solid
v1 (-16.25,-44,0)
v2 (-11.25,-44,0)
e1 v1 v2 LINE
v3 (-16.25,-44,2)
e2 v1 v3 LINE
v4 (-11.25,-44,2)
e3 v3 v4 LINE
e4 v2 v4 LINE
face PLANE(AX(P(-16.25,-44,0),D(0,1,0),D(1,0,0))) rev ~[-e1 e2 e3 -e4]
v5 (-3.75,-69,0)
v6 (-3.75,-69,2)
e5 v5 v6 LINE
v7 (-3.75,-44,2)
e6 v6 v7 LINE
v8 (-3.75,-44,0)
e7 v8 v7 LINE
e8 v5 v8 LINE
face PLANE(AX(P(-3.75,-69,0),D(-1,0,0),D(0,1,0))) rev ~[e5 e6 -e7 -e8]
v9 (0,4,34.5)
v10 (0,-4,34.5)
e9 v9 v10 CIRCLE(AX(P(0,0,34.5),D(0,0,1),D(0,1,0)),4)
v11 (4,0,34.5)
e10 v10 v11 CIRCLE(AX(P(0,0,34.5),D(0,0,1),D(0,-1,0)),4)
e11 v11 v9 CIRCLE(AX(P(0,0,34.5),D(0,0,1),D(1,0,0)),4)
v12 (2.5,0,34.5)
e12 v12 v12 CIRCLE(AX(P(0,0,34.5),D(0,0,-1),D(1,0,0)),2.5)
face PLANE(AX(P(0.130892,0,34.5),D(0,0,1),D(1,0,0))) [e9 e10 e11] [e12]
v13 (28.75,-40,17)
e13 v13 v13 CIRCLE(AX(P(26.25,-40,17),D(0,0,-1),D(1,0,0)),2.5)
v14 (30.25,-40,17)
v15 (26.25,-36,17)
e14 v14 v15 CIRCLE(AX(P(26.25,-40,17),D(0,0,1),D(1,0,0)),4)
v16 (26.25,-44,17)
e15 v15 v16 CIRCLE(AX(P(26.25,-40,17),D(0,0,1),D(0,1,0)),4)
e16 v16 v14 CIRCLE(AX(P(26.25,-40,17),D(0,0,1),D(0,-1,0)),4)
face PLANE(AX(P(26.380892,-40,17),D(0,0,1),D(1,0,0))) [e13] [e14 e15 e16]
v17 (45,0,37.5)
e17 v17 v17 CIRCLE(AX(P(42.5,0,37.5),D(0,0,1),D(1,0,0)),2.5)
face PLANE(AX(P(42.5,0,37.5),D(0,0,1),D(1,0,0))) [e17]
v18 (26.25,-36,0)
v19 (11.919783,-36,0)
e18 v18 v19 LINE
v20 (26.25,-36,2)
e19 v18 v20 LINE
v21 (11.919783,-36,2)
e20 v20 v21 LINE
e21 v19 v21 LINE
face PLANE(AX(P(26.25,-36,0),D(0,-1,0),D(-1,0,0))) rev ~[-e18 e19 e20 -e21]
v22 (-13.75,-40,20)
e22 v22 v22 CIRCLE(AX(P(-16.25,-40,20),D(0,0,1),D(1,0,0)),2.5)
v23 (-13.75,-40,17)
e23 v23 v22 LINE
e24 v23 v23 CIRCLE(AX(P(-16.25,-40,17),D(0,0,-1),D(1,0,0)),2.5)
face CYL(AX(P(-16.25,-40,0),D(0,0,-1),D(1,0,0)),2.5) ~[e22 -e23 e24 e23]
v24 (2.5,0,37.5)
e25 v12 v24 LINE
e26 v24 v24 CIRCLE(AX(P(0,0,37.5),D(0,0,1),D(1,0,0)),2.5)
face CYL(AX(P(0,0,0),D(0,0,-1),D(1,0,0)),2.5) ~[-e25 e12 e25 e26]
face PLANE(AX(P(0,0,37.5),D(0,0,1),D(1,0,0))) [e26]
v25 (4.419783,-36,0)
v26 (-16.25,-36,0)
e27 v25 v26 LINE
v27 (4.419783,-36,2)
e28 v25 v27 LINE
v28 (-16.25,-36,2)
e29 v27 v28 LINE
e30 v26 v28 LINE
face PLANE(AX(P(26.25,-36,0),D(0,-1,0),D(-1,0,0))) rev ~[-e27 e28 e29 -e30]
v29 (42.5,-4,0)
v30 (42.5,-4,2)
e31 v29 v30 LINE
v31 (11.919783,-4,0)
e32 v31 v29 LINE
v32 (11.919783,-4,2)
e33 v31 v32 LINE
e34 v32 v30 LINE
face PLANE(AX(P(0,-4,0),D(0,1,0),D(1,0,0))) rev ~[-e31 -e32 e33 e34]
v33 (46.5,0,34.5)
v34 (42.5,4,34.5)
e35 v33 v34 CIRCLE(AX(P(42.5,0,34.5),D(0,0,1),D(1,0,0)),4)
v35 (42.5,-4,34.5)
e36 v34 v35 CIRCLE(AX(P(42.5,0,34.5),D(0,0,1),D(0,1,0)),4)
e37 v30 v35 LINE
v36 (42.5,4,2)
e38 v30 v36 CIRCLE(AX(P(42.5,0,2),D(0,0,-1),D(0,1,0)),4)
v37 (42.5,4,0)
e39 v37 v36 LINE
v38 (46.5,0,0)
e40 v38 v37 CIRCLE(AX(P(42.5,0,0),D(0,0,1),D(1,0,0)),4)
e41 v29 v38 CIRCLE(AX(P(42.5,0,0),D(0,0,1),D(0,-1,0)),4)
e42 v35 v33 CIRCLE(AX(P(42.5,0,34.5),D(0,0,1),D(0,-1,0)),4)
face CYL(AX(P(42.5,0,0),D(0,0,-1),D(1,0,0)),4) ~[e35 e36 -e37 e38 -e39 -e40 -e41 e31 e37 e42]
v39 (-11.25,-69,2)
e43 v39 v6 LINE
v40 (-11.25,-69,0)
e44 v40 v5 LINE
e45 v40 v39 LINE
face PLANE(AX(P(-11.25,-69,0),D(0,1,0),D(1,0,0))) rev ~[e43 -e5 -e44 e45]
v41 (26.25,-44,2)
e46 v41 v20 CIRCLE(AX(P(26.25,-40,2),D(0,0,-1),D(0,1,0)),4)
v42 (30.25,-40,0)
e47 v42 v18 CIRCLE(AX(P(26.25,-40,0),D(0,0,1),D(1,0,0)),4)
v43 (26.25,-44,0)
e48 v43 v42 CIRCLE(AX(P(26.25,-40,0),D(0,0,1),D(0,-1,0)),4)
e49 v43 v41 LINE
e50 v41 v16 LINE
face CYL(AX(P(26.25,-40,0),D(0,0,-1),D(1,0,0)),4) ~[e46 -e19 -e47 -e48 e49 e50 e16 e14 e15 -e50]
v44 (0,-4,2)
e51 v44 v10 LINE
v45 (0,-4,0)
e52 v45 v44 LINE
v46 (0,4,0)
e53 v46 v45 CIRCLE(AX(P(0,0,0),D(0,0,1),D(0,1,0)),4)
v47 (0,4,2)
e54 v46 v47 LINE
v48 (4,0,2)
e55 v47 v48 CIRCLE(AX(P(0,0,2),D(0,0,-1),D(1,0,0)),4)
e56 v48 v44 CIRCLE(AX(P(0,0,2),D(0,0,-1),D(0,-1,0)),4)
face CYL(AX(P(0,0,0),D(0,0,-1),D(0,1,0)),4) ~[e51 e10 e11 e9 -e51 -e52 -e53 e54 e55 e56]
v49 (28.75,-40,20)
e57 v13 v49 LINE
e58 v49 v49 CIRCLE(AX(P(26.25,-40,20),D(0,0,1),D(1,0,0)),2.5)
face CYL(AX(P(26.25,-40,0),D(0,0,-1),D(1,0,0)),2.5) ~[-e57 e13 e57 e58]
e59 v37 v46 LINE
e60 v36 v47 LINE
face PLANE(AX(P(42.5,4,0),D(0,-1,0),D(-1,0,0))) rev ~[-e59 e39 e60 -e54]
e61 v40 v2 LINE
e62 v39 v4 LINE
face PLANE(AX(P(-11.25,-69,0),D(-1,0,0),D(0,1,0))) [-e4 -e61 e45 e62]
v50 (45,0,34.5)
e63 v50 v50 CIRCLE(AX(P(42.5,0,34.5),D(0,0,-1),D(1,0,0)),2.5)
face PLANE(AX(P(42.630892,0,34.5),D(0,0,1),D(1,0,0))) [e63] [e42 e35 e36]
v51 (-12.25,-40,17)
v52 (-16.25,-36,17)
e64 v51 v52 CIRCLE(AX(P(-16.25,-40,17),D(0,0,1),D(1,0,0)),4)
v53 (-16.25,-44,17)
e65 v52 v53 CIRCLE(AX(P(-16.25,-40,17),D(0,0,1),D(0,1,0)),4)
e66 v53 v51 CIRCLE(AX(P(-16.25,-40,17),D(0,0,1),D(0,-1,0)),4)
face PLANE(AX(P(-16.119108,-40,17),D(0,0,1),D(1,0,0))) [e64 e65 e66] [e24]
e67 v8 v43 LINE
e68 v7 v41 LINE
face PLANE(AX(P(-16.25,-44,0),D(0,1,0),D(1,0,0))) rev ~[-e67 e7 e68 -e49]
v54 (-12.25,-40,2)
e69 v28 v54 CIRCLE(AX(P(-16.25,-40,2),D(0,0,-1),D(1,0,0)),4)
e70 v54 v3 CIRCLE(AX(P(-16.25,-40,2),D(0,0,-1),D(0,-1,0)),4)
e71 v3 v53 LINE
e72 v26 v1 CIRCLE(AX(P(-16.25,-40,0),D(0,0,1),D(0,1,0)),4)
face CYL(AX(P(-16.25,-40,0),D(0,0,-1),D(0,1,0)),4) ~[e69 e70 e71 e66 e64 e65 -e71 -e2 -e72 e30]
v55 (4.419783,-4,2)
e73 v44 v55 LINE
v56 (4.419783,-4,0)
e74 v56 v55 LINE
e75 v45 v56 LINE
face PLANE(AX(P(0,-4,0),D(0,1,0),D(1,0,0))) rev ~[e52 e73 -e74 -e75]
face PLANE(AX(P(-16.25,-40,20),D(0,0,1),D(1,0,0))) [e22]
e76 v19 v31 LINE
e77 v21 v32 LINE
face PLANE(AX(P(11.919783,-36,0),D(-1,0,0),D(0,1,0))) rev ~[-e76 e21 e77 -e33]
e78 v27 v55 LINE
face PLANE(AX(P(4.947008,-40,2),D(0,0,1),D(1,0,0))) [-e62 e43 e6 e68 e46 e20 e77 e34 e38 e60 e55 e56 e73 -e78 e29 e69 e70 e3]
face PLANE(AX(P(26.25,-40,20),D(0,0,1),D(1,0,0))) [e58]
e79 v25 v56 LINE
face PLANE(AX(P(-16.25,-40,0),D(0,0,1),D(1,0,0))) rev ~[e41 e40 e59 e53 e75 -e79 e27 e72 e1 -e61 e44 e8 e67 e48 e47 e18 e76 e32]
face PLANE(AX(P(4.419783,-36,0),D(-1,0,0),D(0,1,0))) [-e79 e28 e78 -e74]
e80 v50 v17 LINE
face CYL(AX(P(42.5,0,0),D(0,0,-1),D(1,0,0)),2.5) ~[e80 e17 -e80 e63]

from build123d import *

# Parameters (mm, degrees)
F5_R      = 2.5
F6_DEPTH  = 2
F7_DEPTH  = 34.5
F8_DEPTH  = 37.5
F9_DEPTH  = 17
F10_DEPTH = 20
F12_W     = 7.5
F12_H     = 32
F12_H_2   = 25
F13_DEPTH = 2


with BuildPart() as f6:
    # F5 (on Top) → F6 (new body)
    with BuildSketch(Plane.XY):
        with BuildLine():
            ThreePointArc((0, 4), (2.8284271247, 2.8284271247), (4, 0))
            ThreePointArc((4, 0), (2.8284271247, -2.8284271247), (0, -4))
            Line((0, -4), (42.5, -4))
            ThreePointArc((42.5, -4), (38.5, 0), (42.5, 4))
            Line((42.5, 4), (0, 4))
        make_face()
        with BuildLine():
            ThreePointArc((0, -4), (2.8284271247, -2.8284271247), (4, 0))
            ThreePointArc((4, 0), (2.8284271247, 2.8284271247), (0, 4))
            ThreePointArc((0, 4), (-4, 0), (0, -4))
        make_face()
        Circle(F5_R, mode=Mode.SUBTRACT)
        with BuildLine():
            ThreePointArc((46.5, 0), (45.3284271247, 2.8284271247), (42.5, 4))
            ThreePointArc((42.5, 4), (38.5, 0), (42.5, -4))
            ThreePointArc((42.5, -4), (45.3284271247, -2.8284271247), (46.5, 0))
        make_face()
        with Locations((42.5, 0)):
            Circle(F5_R, mode=Mode.SUBTRACT)
        Circle(F5_R)
        with Locations((42.5, 0)):
            Circle(F5_R)
    extrude(amount=F6_DEPTH)

    # F5 (on Top) → F7 (join)
    with BuildSketch(Plane.XY):
        with BuildLine():
            ThreePointArc((0, -4), (2.8284271247, -2.8284271247), (4, 0))
            ThreePointArc((4, 0), (2.8284271247, 2.8284271247), (0, 4))
            ThreePointArc((0, 4), (-4, 0), (0, -4))
        make_face()
        Circle(F5_R, mode=Mode.SUBTRACT)
        with BuildLine():
            ThreePointArc((46.5, 0), (45.3284271247, 2.8284271247), (42.5, 4))
            ThreePointArc((42.5, 4), (38.5, 0), (42.5, -4))
            ThreePointArc((42.5, -4), (45.3284271247, -2.8284271247), (46.5, 0))
        make_face()
        with Locations((42.5, 0)):
            Circle(F5_R, mode=Mode.SUBTRACT)
        Circle(F5_R)
        with Locations((42.5, 0)):
            Circle(F5_R)
    extrude(amount=F7_DEPTH)

    # F5 (on Top) → F8 (join)
    with BuildSketch(Plane.XY):
        Circle(F5_R)
        with Locations((42.5, 0)):
            Circle(F5_R)
    extrude(amount=F8_DEPTH)



with BuildPart() as f6b:
    # F5 (on Top) → F6, piece 2 (new body)
    with BuildSketch(Plane.XY):
        with BuildLine():
            ThreePointArc((0, -36), (2.8284271247, -37.1715728753), (4, -40))
            ThreePointArc((4, -40), (2.8284271247, -42.8284271247), (0, -44))
            Line((0, -44), (42.5, -44))
            ThreePointArc((42.5, -44), (38.5, -40), (42.5, -36))
            Line((42.5, -36), (0, -36))
        make_face()
        with BuildLine():
            ThreePointArc((46.5, -40), (45.3284271247, -37.1715728753), (42.5, -36))
            ThreePointArc((42.5, -36), (38.5, -40), (42.5, -44))
            ThreePointArc((42.5, -44), (45.3284271247, -42.8284271247), (46.5, -40))
        make_face()
        with Locations((42.5, -40)):
            Circle(F5_R, mode=Mode.SUBTRACT)
        with BuildLine():
            ThreePointArc((0, -44), (2.8284271247, -42.8284271247), (4, -40))
            ThreePointArc((4, -40), (2.8284271247, -37.1715728753), (0, -36))
            ThreePointArc((0, -36), (-4, -40), (0, -44))
        make_face()
        with Locations((0, -40)):
            Circle(F5_R, mode=Mode.SUBTRACT)
        with Locations((0, -40)):
            Circle(F5_R)
        with Locations((42.5, -40)):
            Circle(F5_R)
    extrude(amount=F6_DEPTH)

    # F5 (on Top) → F9 (join)
    with BuildSketch(Plane.XY):
        with BuildLine():
            ThreePointArc((0, -44), (2.8284271247, -42.8284271247), (4, -40))
            ThreePointArc((4, -40), (2.8284271247, -37.1715728753), (0, -36))
            ThreePointArc((0, -36), (-4, -40), (0, -44))
        make_face()
        with Locations((0, -40)):
            Circle(F5_R, mode=Mode.SUBTRACT)
        with BuildLine():
            ThreePointArc((46.5, -40), (45.3284271247, -37.1715728753), (42.5, -36))
            ThreePointArc((42.5, -36), (38.5, -40), (42.5, -44))
            ThreePointArc((42.5, -44), (45.3284271247, -42.8284271247), (46.5, -40))
        make_face()
        with Locations((42.5, -40)):
            Circle(F5_R, mode=Mode.SUBTRACT)
        with Locations((0, -40)):
            Circle(F5_R)
        with Locations((42.5, -40)):
            Circle(F5_R)
    extrude(amount=F9_DEPTH)

    # F5 (on Top) → F10 (join)
    with BuildSketch(Plane.XY):
        with Locations((0, -40)):
            Circle(F5_R)
        with Locations((42.5, -40)):
            Circle(F5_R)
    extrude(amount=F10_DEPTH)


with BuildPart() as f6b_1:
    # F11: moved
    add(f6b.part.moved(Location((-16.25, 0, 0))))


with BuildPart() as f6_1:
    add(f6.part)

    add(f6b_1.part)  # F13 merges F6b
    # F12 (on Top) → F13 (join)
    with BuildSketch(Plane.XY):
        with Locations((8.1697826646, -20)):
            Rectangle(F12_W, F12_H)
        with Locations((-7.5, -56.5)):
            Rectangle(F12_W, F12_H_2)
    extrude(amount=F13_DEPTH)


solid = f6_1.part
